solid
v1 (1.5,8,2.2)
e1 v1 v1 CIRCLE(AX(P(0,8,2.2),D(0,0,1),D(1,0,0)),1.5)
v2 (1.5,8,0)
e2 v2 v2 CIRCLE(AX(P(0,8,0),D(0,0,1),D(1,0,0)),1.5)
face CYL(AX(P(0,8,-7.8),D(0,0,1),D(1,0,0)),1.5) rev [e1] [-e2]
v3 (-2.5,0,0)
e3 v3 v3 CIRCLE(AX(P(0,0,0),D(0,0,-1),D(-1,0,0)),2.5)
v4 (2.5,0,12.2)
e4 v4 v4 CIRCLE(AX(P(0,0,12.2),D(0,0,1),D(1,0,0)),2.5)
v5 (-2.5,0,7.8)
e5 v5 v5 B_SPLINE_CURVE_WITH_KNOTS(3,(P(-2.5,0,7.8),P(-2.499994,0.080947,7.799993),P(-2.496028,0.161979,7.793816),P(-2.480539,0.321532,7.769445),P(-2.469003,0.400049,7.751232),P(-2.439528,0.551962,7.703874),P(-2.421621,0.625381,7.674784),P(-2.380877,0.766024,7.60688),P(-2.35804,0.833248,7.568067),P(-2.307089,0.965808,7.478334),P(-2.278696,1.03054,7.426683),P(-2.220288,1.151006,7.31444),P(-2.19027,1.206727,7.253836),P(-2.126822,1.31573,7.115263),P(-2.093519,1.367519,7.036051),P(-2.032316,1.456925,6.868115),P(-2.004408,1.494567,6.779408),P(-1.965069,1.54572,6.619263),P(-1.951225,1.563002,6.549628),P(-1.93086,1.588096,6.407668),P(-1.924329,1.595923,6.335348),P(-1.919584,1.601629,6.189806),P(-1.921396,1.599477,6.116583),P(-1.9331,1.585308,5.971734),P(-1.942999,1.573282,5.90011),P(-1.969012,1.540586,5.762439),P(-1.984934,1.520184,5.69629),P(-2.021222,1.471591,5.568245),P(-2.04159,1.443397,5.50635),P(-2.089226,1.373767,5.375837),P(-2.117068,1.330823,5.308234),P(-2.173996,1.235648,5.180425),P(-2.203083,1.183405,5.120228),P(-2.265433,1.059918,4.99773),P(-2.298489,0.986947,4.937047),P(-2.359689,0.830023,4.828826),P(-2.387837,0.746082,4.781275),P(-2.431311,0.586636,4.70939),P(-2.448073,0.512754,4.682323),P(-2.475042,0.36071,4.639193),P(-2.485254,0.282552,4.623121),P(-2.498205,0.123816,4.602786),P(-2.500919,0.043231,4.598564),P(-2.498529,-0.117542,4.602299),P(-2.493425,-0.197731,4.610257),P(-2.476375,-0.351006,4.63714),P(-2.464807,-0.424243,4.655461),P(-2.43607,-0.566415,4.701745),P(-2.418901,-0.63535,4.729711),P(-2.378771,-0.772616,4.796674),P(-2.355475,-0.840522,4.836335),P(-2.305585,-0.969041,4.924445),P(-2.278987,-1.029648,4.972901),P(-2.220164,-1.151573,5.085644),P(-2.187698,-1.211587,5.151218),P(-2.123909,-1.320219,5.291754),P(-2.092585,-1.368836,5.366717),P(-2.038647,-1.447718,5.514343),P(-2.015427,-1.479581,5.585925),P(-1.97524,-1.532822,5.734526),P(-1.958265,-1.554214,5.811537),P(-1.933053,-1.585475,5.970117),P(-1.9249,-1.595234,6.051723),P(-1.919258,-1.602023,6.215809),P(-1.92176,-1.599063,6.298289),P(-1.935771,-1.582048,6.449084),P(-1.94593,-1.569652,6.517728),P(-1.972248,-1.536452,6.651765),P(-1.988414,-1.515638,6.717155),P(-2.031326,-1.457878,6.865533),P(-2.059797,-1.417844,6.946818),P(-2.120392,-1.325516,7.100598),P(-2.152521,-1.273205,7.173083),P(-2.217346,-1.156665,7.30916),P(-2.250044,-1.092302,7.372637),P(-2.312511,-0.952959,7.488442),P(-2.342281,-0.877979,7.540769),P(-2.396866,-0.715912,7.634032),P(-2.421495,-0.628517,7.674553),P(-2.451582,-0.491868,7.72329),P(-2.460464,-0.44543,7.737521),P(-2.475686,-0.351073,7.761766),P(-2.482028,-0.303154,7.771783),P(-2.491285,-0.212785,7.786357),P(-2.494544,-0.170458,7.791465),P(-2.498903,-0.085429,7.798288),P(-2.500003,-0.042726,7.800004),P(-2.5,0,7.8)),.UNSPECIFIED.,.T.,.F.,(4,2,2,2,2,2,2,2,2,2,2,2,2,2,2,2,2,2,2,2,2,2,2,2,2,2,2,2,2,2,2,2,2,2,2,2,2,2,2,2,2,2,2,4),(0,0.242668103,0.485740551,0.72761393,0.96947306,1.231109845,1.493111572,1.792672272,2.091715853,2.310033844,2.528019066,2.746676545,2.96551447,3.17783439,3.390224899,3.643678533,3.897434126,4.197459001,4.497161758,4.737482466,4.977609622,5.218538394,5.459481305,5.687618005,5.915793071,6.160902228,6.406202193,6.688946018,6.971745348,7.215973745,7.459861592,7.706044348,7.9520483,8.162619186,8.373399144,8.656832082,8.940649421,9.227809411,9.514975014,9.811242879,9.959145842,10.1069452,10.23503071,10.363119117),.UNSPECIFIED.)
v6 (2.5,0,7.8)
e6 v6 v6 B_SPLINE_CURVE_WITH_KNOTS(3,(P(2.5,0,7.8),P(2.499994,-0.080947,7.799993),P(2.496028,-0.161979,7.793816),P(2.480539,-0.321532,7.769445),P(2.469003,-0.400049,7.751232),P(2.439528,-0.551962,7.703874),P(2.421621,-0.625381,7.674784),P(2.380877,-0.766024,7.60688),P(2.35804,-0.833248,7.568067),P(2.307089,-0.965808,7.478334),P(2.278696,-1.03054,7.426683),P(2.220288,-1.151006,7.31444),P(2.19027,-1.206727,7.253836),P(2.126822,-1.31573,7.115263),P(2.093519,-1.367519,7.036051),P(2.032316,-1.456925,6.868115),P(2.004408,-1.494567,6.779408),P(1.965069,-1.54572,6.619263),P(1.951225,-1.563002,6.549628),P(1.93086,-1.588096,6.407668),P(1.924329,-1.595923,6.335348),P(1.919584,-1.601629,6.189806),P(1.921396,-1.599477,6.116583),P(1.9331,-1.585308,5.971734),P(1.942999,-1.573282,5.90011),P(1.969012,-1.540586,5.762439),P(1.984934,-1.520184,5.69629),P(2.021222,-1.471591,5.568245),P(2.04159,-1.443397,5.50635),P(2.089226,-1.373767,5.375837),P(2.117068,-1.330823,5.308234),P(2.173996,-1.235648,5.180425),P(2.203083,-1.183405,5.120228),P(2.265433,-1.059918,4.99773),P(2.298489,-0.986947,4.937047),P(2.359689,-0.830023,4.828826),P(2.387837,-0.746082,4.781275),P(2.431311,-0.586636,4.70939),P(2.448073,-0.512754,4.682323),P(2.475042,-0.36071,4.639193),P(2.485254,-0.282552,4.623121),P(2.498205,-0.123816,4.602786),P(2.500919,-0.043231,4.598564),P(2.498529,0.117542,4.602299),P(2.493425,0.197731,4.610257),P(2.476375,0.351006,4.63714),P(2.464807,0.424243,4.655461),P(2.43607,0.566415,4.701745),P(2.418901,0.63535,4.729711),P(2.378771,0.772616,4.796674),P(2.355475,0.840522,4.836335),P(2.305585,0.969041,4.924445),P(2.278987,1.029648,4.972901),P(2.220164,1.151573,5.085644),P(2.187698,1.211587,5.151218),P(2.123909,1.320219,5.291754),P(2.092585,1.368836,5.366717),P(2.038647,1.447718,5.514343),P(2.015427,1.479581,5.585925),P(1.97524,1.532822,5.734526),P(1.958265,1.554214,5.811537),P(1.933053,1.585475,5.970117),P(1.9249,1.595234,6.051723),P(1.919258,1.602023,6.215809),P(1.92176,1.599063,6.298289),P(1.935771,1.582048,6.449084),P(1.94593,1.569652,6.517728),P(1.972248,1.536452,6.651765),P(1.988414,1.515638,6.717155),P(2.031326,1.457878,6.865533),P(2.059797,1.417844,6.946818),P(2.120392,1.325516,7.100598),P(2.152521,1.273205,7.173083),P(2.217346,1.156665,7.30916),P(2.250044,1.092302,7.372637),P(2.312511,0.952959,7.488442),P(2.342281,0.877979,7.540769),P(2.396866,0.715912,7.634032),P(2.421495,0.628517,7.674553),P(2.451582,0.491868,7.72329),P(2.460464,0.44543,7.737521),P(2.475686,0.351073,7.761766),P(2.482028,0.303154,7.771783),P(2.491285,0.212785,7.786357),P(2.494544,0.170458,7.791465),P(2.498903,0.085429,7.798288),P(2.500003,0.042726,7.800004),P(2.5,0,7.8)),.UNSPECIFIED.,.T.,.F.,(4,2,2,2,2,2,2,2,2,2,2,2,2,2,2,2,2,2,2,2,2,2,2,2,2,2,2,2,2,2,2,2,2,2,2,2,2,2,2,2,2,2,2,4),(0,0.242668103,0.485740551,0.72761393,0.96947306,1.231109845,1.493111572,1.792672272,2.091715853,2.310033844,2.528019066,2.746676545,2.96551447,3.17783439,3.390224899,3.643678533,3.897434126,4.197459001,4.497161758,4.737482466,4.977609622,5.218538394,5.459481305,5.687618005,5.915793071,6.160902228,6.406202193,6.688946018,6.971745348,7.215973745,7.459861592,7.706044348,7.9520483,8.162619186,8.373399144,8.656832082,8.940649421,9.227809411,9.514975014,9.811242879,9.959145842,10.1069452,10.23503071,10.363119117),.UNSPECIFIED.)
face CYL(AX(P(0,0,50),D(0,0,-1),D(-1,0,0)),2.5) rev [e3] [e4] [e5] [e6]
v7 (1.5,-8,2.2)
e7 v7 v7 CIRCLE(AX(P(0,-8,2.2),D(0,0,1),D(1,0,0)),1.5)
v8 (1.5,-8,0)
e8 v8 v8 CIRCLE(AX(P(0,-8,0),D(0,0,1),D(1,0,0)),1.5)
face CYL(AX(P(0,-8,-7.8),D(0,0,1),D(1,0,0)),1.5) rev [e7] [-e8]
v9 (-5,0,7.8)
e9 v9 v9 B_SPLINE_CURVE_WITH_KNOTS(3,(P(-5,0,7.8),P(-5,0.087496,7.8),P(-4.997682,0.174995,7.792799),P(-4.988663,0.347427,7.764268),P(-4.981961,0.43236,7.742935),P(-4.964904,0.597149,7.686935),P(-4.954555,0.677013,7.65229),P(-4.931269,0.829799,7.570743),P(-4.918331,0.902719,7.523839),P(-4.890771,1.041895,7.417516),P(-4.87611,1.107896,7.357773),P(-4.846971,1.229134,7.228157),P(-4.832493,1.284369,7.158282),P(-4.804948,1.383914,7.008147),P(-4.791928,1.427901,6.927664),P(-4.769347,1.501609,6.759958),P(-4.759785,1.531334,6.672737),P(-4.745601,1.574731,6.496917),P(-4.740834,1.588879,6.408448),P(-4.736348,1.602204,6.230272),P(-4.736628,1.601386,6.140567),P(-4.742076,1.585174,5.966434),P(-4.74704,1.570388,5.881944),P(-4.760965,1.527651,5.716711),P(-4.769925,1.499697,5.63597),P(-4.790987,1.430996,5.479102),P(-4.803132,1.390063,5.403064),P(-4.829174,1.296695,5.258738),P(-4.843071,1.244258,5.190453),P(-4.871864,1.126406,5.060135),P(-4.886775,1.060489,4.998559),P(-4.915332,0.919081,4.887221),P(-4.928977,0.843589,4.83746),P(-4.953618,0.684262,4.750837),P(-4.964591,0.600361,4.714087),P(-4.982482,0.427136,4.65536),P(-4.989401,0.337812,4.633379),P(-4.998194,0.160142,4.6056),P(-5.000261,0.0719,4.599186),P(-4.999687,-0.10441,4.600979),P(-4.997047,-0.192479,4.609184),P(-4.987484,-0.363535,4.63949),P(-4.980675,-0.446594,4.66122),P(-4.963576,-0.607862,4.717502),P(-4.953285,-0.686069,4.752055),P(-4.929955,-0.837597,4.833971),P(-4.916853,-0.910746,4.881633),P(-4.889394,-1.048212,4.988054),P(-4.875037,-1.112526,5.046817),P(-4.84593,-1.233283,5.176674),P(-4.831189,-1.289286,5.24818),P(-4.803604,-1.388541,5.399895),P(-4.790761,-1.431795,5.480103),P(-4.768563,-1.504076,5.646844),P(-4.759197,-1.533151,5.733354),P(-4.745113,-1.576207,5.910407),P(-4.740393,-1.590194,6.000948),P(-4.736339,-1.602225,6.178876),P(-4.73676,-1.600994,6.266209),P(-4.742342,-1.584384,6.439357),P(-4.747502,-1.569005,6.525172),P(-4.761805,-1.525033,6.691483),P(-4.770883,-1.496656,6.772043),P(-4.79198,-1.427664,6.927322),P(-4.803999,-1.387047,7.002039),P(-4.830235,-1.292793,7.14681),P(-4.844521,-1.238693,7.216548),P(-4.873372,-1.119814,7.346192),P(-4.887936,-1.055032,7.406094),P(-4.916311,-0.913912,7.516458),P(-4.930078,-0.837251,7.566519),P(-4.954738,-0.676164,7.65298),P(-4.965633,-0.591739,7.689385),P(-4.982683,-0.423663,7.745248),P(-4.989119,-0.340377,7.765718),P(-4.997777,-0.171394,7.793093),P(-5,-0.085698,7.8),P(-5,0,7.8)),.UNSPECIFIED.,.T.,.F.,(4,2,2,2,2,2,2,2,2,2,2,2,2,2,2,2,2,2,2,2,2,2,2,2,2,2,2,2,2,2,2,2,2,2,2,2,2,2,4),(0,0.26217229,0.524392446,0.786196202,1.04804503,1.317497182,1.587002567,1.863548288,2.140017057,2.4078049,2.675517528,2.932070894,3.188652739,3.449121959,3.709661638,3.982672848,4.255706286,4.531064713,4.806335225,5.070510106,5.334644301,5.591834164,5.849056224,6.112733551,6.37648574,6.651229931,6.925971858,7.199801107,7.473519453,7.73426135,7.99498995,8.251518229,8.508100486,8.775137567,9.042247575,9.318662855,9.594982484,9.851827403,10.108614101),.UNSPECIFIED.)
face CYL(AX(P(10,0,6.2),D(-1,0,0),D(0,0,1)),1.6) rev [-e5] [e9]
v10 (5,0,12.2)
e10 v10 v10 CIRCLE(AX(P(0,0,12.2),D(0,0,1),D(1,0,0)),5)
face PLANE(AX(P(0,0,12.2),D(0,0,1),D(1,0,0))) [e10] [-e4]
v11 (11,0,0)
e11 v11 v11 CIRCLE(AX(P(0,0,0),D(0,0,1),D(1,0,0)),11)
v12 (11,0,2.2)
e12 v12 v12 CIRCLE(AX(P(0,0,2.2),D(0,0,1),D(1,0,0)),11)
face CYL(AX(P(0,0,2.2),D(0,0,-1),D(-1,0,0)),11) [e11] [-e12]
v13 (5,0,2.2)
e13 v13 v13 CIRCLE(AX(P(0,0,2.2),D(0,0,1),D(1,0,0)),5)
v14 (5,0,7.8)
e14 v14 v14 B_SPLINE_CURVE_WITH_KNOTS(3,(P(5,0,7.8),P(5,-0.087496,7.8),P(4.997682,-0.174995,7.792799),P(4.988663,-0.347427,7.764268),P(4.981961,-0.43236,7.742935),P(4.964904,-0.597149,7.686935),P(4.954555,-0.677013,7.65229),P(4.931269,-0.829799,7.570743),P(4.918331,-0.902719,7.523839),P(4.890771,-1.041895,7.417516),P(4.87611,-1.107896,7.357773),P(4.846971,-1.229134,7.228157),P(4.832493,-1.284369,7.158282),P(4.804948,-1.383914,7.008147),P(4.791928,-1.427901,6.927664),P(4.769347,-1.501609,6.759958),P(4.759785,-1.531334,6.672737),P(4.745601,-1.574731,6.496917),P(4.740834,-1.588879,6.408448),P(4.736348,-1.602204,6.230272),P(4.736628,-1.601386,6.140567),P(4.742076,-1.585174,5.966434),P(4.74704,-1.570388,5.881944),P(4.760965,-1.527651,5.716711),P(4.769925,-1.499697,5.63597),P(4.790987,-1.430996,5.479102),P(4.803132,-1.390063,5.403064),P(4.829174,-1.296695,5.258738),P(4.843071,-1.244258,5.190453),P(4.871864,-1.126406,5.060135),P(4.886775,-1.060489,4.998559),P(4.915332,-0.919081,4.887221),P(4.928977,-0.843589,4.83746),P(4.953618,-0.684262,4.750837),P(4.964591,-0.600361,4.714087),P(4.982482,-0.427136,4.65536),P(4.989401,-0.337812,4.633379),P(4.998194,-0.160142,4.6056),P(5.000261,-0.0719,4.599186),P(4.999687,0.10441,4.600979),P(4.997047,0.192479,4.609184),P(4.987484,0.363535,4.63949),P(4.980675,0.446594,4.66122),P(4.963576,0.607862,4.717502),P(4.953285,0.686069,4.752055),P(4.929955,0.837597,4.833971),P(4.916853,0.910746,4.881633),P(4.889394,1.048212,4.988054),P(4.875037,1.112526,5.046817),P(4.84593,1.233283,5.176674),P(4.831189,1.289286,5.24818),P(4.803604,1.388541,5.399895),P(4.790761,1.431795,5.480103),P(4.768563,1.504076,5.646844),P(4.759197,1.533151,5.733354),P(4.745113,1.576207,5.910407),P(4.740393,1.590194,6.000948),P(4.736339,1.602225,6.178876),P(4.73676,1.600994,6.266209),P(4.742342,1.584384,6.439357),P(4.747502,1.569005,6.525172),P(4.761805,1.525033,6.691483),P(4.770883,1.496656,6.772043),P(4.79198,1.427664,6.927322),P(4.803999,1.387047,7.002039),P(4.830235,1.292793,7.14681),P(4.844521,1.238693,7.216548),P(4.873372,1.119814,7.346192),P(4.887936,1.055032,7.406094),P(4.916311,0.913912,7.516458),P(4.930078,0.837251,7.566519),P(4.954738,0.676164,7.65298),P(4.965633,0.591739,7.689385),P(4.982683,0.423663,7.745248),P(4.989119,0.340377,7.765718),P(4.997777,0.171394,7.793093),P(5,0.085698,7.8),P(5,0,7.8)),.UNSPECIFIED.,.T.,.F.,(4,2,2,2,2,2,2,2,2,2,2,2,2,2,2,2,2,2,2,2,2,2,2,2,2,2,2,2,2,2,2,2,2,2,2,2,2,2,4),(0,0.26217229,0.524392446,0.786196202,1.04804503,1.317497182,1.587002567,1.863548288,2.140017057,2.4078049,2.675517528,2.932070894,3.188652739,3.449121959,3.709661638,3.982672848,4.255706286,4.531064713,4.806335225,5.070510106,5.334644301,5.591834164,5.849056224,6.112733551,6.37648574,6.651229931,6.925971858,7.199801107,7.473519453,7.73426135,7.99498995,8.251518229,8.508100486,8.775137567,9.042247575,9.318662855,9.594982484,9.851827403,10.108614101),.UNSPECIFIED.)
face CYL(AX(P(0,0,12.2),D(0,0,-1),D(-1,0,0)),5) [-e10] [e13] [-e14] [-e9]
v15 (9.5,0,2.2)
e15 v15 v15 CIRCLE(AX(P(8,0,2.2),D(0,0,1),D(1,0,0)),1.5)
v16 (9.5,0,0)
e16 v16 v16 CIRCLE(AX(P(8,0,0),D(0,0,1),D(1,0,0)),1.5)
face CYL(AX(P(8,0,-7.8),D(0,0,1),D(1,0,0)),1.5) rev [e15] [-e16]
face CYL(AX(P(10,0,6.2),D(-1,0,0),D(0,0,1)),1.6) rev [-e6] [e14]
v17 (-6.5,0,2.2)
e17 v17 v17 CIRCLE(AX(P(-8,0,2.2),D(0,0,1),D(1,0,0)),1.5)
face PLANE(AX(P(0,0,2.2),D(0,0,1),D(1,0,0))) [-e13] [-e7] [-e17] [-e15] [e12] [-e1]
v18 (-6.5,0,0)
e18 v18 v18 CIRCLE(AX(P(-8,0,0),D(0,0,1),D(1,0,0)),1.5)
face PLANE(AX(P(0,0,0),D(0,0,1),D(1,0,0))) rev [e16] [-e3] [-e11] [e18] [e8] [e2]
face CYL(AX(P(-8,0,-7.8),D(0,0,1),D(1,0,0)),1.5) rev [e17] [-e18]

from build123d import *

# Parameters (mm, degrees)
SKETCH_1_R               = 11
EXTRUDE_1_DEPTH          = 2.2
SKETCH_2_R               = 5
EXTRUDE_2_DEPTH          = 10
SKETCH_3_R               = 1.5
CUT_EXTRUDE_1_DEPTH      = 10
CUT_EXTRUDE_2_DEPTH      = 10
CUT_EXTRUDE_2_DEPTH_BACK = 10
SKETCH_4_R               = 1.6
SKETCH_5_R               = 2.5
CUT_EXTRUDE_3_DEPTH      = 50


with BuildPart() as part:
    # 草图1 → 凸台-拉伸1 (new body)
    with BuildSketch(Plane.XY):
        Circle(SKETCH_1_R)
    extrude(amount=EXTRUDE_1_DEPTH)

    # 草图2 → 凸台-拉伸2 (add)
    with BuildSketch(Plane.XY.offset(2.2)):
        Circle(SKETCH_2_R)
    extrude(amount=EXTRUDE_2_DEPTH)

    # 草图3 → 切除-拉伸1 (cut)
    with BuildSketch(Plane.XY.offset(2.2)):
        with Locations((8, 0)):
            Circle(SKETCH_3_R)
        with Locations((0, -8)):
            Circle(SKETCH_3_R)
        with Locations((-8, 0)):
            Circle(SKETCH_3_R)
        with Locations((0, 8)):
            Circle(SKETCH_3_R)
    extrude(amount=-CUT_EXTRUDE_1_DEPTH, mode=Mode.SUBTRACT)

    # 草图4 → 切除-拉伸2 (cut, two sides: drawn at the far end of the back side and taken through both)
    with BuildSketch(Plane(origin=(0, 0, 0), x_dir=(0, 0, -1), z_dir=(1, 0, 0)).offset(-CUT_EXTRUDE_2_DEPTH_BACK)):
        with Locations((-6.2, 0)):
            Circle(SKETCH_4_R)
    extrude(amount=CUT_EXTRUDE_2_DEPTH + CUT_EXTRUDE_2_DEPTH_BACK, mode=Mode.SUBTRACT)

    # 草图5 → 切除-拉伸3 (cut)
    with BuildSketch(Plane(origin=(0, 0, 0), x_dir=(-1, 0, 0), z_dir=(0, 0, -1))):
        Circle(SKETCH_5_R)
    extrude(amount=-CUT_EXTRUDE_3_DEPTH, mode=Mode.SUBTRACT)


solid = part.part
